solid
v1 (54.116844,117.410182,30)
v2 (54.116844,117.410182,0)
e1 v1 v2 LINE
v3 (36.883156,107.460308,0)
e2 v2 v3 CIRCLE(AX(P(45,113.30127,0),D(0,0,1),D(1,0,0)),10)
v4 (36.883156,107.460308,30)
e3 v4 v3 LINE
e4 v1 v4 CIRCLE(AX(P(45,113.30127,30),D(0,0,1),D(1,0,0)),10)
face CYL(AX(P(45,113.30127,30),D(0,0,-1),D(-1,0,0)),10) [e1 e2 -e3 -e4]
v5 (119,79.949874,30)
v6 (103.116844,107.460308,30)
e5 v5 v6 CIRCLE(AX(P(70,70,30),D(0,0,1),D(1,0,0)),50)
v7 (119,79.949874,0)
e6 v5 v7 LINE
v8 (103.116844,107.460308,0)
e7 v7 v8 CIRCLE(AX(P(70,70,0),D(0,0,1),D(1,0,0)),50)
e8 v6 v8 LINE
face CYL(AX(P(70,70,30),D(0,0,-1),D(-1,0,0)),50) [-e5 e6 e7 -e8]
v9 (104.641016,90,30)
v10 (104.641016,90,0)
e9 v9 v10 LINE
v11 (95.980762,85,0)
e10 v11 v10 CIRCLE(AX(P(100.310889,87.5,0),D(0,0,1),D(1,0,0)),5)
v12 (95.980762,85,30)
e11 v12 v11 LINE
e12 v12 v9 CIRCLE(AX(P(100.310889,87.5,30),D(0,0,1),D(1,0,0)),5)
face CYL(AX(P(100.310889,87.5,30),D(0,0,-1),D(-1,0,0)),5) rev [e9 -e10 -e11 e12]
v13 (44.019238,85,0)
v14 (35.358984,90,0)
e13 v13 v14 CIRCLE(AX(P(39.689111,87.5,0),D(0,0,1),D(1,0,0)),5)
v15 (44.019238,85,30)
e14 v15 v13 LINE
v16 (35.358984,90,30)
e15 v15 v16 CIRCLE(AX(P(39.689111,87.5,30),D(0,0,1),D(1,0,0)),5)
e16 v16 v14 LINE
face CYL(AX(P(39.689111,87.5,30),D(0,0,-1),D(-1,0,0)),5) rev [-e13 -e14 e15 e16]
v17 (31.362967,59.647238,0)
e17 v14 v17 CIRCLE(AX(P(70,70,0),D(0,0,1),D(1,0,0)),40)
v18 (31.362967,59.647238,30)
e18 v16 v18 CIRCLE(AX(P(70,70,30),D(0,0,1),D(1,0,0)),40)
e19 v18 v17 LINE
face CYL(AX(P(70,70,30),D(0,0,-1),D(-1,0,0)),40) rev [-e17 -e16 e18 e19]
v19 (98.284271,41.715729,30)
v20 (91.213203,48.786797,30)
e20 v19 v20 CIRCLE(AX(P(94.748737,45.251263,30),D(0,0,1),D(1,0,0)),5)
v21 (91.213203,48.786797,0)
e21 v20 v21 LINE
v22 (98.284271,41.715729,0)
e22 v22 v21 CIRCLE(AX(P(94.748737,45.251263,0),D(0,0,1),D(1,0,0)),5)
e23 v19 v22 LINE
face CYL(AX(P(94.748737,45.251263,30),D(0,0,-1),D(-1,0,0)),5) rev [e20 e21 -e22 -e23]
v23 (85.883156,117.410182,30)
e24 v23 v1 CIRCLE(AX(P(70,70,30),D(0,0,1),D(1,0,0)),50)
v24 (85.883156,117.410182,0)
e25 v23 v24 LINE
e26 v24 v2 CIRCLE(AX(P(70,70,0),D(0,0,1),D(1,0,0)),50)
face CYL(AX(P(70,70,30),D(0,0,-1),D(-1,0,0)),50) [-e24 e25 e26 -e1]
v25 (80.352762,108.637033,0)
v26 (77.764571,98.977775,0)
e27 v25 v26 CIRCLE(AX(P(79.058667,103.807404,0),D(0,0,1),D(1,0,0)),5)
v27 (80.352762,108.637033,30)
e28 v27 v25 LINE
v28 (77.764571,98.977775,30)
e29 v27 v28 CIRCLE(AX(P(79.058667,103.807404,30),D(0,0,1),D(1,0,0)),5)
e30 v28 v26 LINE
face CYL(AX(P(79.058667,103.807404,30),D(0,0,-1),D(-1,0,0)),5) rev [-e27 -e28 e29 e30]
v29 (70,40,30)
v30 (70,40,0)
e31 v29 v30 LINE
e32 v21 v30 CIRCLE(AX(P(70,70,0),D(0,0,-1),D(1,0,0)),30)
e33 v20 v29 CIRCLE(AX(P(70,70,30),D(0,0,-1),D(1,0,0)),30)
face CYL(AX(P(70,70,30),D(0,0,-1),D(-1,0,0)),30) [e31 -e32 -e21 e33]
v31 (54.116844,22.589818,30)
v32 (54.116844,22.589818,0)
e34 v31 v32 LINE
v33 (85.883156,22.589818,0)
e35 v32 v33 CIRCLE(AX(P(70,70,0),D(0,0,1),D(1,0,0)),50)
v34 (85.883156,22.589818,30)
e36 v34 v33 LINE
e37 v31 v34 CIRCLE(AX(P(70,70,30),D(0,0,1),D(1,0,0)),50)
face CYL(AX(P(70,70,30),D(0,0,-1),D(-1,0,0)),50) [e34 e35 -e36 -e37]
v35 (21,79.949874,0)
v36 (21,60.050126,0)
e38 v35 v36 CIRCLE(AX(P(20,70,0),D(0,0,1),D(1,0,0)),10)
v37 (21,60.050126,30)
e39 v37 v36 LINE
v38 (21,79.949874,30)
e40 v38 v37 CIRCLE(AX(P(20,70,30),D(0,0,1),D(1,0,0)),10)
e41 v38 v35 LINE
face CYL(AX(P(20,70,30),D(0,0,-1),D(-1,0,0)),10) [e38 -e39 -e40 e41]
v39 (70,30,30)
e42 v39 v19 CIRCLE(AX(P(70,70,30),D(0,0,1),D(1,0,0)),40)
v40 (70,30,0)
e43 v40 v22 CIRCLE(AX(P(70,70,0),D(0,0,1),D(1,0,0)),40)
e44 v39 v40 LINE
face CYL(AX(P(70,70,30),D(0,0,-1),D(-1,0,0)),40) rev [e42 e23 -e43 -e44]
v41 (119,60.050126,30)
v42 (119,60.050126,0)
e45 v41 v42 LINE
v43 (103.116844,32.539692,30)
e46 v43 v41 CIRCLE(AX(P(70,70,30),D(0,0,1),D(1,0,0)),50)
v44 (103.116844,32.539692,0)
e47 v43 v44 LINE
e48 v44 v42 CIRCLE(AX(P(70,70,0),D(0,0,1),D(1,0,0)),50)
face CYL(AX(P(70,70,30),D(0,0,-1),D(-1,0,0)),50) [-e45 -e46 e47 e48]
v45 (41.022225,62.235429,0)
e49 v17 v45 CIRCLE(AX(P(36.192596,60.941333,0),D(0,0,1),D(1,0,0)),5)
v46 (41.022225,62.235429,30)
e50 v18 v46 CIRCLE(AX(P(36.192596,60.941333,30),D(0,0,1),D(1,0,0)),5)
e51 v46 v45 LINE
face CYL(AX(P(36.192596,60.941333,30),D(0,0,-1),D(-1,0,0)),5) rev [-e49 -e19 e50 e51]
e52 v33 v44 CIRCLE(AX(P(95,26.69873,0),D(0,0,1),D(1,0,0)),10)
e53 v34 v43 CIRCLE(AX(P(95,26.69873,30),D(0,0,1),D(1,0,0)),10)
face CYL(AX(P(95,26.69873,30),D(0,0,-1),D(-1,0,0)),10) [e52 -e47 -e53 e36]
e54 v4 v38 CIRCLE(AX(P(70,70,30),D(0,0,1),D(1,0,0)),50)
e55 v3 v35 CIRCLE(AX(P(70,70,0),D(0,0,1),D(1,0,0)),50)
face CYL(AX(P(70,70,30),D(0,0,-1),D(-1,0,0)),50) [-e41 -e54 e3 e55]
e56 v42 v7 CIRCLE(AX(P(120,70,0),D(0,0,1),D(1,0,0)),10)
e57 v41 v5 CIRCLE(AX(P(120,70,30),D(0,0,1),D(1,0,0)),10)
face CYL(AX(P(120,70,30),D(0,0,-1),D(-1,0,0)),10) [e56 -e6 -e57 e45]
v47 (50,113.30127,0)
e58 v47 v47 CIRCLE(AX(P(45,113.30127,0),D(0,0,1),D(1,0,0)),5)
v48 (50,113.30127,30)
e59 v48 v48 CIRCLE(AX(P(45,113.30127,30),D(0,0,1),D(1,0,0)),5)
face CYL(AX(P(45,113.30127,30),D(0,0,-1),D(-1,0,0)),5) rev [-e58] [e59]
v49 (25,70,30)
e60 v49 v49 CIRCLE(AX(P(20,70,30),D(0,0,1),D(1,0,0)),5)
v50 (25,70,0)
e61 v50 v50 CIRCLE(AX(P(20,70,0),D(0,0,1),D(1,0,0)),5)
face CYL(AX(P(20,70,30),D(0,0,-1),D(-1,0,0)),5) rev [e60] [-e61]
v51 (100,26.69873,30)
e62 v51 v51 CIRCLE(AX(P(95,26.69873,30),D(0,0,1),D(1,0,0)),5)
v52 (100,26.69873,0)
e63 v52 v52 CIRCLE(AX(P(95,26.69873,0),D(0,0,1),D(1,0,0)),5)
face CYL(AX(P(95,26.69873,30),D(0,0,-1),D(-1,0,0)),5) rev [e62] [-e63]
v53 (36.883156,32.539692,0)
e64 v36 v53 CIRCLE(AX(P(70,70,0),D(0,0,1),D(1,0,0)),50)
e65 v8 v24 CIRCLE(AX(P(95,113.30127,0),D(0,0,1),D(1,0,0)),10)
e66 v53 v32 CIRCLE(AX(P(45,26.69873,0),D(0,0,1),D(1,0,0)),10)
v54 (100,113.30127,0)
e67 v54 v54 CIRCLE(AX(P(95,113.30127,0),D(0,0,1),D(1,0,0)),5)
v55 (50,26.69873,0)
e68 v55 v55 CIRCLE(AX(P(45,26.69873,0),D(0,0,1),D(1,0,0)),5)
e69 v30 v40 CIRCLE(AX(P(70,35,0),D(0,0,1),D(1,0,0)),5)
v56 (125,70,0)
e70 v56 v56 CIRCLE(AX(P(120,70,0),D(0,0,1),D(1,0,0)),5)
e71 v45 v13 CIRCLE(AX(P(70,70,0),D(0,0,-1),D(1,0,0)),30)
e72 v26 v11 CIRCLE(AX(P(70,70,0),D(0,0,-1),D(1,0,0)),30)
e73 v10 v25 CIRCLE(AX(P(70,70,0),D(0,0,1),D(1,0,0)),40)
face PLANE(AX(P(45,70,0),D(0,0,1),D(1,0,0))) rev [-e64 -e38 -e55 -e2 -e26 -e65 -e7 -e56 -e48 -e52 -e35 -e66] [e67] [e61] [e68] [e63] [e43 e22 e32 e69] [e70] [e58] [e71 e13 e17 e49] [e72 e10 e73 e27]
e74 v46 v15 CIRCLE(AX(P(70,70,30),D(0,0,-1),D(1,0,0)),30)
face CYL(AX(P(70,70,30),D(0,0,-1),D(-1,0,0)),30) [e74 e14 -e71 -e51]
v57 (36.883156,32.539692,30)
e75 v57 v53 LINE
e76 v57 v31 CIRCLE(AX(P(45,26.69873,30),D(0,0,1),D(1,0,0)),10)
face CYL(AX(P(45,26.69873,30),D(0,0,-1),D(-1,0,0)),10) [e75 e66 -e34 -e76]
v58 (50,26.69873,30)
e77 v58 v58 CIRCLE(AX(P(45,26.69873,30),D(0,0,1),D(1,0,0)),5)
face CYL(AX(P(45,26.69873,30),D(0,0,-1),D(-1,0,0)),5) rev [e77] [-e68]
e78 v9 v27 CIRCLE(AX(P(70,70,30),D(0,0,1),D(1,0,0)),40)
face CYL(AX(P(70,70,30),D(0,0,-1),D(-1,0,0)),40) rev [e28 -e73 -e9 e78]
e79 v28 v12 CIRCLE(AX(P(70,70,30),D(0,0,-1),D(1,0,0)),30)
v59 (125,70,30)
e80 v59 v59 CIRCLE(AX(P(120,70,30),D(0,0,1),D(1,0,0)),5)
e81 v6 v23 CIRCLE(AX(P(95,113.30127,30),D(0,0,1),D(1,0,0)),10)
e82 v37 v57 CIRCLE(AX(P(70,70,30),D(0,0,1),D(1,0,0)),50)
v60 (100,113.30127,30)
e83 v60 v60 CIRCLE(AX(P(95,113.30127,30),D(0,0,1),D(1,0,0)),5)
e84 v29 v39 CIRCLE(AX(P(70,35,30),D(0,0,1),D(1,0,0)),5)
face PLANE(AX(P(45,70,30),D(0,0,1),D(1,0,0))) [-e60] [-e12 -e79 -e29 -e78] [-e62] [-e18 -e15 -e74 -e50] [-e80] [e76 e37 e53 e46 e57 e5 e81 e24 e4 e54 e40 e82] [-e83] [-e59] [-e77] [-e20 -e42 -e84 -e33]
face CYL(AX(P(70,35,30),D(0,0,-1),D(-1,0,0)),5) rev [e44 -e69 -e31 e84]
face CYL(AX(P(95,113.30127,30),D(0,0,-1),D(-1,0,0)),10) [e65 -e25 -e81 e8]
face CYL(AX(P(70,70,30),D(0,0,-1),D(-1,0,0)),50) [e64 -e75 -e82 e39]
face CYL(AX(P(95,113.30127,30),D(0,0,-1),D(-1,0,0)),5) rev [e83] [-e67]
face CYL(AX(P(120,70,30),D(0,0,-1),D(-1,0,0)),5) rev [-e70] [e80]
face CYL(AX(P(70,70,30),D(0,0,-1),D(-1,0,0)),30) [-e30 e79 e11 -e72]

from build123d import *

# Parameters (mm, degrees)
SKETCH1_R           = 5
BOSS_EXTRUDE1_DEPTH = 30


with BuildPart() as part:
    # Sketch1 → Boss-Extrude1 (new body)
    with BuildSketch(Plane.XY):
        with BuildLine():
            ThreePointArc((21, 60.050125629), (26.698729811, 45), (36.88315603, 32.5396924))
            ThreePointArc((36.88315603, 32.5396924), (40, 18.038475773), (54.11684397, 22.589818029))
            ThreePointArc((54.11684397, 22.589818029), (70, 20), (85.88315603, 22.589818029))
            ThreePointArc((85.88315603, 22.589818029), (100, 18.038475773), (103.11684397, 32.5396924))
            ThreePointArc((103.11684397, 32.5396924), (113.301270189, 45), (119, 60.050125629))
            ThreePointArc((119, 60.050125629), (130, 70), (119, 79.949874371))
            ThreePointArc((119, 79.949874371), (113.301270189, 95), (103.11684397, 107.4603076))
            ThreePointArc((103.11684397, 107.4603076), (100, 121.961524227), (85.88315603, 117.410181971))
            ThreePointArc((85.88315603, 117.410181971), (70, 120), (54.11684397, 117.410181971))
            ThreePointArc((54.11684397, 117.410181971), (40, 121.961524227), (36.88315603, 107.4603076))
            ThreePointArc((36.88315603, 107.4603076), (26.698729811, 95), (21, 79.949874371))
            ThreePointArc((21, 79.949874371), (10, 70), (21, 60.050125629))
        make_face()
        with Locations((20, 70)):
            Circle(SKETCH1_R, mode=Mode.SUBTRACT)
        with Locations((45, 26.698729811)):
            Circle(SKETCH1_R, mode=Mode.SUBTRACT)
        with Locations((95, 26.698729811)):
            Circle(SKETCH1_R, mode=Mode.SUBTRACT)
        with Locations((120, 70)):
            Circle(SKETCH1_R, mode=Mode.SUBTRACT)
        with Locations((95, 113.301270189)):
            Circle(SKETCH1_R, mode=Mode.SUBTRACT)
        with Locations((45, 113.301270189)):
            Circle(SKETCH1_R, mode=Mode.SUBTRACT)
        with BuildLine():
            ThreePointArc((104.641016151, 90), (94.35045716, 101.734133612), (80.352761804, 108.637033052))
            ThreePointArc((80.352761804, 108.637033052), (74.229037447, 105.101499146), (77.764571353, 98.977774789))
            ThreePointArc((77.764571353, 98.977774789), (88.26284287, 93.800600209), (95.980762114, 85))
            ThreePointArc((95.980762114, 85), (102.810889132, 83.169872981), (104.641016151, 90))
        make_face(mode=Mode.SUBTRACT)
        with BuildLine():
            ThreePointArc((70, 30), (85.307337295, 33.0448187), (98.284271247, 41.715728753))
            ThreePointArc((98.284271247, 41.715728753), (98.284271247, 48.786796564), (91.213203436, 48.786796564))
            ThreePointArc((91.213203436, 48.786796564), (81.480502971, 42.283614025), (70, 40))
            ThreePointArc((70, 40), (65, 35), (70, 30))
        make_face(mode=Mode.SUBTRACT)
        with BuildLine():
            ThreePointArc((35.358983849, 90), (30.342205545, 75.221047689), (31.362966948, 59.647238196))
            ThreePointArc((31.362966948, 59.647238196), (37.486691305, 56.11170429), (41.022225211, 62.235428647))
            ThreePointArc((41.022225211, 62.235428647), (40.256654159, 73.915785767), (44.019237886, 85))
            ThreePointArc((44.019237886, 85), (42.189110868, 91.830127019), (35.358983849, 90))
        make_face(mode=Mode.SUBTRACT)
    extrude(amount=BOSS_EXTRUDE1_DEPTH)


solid = part.part
